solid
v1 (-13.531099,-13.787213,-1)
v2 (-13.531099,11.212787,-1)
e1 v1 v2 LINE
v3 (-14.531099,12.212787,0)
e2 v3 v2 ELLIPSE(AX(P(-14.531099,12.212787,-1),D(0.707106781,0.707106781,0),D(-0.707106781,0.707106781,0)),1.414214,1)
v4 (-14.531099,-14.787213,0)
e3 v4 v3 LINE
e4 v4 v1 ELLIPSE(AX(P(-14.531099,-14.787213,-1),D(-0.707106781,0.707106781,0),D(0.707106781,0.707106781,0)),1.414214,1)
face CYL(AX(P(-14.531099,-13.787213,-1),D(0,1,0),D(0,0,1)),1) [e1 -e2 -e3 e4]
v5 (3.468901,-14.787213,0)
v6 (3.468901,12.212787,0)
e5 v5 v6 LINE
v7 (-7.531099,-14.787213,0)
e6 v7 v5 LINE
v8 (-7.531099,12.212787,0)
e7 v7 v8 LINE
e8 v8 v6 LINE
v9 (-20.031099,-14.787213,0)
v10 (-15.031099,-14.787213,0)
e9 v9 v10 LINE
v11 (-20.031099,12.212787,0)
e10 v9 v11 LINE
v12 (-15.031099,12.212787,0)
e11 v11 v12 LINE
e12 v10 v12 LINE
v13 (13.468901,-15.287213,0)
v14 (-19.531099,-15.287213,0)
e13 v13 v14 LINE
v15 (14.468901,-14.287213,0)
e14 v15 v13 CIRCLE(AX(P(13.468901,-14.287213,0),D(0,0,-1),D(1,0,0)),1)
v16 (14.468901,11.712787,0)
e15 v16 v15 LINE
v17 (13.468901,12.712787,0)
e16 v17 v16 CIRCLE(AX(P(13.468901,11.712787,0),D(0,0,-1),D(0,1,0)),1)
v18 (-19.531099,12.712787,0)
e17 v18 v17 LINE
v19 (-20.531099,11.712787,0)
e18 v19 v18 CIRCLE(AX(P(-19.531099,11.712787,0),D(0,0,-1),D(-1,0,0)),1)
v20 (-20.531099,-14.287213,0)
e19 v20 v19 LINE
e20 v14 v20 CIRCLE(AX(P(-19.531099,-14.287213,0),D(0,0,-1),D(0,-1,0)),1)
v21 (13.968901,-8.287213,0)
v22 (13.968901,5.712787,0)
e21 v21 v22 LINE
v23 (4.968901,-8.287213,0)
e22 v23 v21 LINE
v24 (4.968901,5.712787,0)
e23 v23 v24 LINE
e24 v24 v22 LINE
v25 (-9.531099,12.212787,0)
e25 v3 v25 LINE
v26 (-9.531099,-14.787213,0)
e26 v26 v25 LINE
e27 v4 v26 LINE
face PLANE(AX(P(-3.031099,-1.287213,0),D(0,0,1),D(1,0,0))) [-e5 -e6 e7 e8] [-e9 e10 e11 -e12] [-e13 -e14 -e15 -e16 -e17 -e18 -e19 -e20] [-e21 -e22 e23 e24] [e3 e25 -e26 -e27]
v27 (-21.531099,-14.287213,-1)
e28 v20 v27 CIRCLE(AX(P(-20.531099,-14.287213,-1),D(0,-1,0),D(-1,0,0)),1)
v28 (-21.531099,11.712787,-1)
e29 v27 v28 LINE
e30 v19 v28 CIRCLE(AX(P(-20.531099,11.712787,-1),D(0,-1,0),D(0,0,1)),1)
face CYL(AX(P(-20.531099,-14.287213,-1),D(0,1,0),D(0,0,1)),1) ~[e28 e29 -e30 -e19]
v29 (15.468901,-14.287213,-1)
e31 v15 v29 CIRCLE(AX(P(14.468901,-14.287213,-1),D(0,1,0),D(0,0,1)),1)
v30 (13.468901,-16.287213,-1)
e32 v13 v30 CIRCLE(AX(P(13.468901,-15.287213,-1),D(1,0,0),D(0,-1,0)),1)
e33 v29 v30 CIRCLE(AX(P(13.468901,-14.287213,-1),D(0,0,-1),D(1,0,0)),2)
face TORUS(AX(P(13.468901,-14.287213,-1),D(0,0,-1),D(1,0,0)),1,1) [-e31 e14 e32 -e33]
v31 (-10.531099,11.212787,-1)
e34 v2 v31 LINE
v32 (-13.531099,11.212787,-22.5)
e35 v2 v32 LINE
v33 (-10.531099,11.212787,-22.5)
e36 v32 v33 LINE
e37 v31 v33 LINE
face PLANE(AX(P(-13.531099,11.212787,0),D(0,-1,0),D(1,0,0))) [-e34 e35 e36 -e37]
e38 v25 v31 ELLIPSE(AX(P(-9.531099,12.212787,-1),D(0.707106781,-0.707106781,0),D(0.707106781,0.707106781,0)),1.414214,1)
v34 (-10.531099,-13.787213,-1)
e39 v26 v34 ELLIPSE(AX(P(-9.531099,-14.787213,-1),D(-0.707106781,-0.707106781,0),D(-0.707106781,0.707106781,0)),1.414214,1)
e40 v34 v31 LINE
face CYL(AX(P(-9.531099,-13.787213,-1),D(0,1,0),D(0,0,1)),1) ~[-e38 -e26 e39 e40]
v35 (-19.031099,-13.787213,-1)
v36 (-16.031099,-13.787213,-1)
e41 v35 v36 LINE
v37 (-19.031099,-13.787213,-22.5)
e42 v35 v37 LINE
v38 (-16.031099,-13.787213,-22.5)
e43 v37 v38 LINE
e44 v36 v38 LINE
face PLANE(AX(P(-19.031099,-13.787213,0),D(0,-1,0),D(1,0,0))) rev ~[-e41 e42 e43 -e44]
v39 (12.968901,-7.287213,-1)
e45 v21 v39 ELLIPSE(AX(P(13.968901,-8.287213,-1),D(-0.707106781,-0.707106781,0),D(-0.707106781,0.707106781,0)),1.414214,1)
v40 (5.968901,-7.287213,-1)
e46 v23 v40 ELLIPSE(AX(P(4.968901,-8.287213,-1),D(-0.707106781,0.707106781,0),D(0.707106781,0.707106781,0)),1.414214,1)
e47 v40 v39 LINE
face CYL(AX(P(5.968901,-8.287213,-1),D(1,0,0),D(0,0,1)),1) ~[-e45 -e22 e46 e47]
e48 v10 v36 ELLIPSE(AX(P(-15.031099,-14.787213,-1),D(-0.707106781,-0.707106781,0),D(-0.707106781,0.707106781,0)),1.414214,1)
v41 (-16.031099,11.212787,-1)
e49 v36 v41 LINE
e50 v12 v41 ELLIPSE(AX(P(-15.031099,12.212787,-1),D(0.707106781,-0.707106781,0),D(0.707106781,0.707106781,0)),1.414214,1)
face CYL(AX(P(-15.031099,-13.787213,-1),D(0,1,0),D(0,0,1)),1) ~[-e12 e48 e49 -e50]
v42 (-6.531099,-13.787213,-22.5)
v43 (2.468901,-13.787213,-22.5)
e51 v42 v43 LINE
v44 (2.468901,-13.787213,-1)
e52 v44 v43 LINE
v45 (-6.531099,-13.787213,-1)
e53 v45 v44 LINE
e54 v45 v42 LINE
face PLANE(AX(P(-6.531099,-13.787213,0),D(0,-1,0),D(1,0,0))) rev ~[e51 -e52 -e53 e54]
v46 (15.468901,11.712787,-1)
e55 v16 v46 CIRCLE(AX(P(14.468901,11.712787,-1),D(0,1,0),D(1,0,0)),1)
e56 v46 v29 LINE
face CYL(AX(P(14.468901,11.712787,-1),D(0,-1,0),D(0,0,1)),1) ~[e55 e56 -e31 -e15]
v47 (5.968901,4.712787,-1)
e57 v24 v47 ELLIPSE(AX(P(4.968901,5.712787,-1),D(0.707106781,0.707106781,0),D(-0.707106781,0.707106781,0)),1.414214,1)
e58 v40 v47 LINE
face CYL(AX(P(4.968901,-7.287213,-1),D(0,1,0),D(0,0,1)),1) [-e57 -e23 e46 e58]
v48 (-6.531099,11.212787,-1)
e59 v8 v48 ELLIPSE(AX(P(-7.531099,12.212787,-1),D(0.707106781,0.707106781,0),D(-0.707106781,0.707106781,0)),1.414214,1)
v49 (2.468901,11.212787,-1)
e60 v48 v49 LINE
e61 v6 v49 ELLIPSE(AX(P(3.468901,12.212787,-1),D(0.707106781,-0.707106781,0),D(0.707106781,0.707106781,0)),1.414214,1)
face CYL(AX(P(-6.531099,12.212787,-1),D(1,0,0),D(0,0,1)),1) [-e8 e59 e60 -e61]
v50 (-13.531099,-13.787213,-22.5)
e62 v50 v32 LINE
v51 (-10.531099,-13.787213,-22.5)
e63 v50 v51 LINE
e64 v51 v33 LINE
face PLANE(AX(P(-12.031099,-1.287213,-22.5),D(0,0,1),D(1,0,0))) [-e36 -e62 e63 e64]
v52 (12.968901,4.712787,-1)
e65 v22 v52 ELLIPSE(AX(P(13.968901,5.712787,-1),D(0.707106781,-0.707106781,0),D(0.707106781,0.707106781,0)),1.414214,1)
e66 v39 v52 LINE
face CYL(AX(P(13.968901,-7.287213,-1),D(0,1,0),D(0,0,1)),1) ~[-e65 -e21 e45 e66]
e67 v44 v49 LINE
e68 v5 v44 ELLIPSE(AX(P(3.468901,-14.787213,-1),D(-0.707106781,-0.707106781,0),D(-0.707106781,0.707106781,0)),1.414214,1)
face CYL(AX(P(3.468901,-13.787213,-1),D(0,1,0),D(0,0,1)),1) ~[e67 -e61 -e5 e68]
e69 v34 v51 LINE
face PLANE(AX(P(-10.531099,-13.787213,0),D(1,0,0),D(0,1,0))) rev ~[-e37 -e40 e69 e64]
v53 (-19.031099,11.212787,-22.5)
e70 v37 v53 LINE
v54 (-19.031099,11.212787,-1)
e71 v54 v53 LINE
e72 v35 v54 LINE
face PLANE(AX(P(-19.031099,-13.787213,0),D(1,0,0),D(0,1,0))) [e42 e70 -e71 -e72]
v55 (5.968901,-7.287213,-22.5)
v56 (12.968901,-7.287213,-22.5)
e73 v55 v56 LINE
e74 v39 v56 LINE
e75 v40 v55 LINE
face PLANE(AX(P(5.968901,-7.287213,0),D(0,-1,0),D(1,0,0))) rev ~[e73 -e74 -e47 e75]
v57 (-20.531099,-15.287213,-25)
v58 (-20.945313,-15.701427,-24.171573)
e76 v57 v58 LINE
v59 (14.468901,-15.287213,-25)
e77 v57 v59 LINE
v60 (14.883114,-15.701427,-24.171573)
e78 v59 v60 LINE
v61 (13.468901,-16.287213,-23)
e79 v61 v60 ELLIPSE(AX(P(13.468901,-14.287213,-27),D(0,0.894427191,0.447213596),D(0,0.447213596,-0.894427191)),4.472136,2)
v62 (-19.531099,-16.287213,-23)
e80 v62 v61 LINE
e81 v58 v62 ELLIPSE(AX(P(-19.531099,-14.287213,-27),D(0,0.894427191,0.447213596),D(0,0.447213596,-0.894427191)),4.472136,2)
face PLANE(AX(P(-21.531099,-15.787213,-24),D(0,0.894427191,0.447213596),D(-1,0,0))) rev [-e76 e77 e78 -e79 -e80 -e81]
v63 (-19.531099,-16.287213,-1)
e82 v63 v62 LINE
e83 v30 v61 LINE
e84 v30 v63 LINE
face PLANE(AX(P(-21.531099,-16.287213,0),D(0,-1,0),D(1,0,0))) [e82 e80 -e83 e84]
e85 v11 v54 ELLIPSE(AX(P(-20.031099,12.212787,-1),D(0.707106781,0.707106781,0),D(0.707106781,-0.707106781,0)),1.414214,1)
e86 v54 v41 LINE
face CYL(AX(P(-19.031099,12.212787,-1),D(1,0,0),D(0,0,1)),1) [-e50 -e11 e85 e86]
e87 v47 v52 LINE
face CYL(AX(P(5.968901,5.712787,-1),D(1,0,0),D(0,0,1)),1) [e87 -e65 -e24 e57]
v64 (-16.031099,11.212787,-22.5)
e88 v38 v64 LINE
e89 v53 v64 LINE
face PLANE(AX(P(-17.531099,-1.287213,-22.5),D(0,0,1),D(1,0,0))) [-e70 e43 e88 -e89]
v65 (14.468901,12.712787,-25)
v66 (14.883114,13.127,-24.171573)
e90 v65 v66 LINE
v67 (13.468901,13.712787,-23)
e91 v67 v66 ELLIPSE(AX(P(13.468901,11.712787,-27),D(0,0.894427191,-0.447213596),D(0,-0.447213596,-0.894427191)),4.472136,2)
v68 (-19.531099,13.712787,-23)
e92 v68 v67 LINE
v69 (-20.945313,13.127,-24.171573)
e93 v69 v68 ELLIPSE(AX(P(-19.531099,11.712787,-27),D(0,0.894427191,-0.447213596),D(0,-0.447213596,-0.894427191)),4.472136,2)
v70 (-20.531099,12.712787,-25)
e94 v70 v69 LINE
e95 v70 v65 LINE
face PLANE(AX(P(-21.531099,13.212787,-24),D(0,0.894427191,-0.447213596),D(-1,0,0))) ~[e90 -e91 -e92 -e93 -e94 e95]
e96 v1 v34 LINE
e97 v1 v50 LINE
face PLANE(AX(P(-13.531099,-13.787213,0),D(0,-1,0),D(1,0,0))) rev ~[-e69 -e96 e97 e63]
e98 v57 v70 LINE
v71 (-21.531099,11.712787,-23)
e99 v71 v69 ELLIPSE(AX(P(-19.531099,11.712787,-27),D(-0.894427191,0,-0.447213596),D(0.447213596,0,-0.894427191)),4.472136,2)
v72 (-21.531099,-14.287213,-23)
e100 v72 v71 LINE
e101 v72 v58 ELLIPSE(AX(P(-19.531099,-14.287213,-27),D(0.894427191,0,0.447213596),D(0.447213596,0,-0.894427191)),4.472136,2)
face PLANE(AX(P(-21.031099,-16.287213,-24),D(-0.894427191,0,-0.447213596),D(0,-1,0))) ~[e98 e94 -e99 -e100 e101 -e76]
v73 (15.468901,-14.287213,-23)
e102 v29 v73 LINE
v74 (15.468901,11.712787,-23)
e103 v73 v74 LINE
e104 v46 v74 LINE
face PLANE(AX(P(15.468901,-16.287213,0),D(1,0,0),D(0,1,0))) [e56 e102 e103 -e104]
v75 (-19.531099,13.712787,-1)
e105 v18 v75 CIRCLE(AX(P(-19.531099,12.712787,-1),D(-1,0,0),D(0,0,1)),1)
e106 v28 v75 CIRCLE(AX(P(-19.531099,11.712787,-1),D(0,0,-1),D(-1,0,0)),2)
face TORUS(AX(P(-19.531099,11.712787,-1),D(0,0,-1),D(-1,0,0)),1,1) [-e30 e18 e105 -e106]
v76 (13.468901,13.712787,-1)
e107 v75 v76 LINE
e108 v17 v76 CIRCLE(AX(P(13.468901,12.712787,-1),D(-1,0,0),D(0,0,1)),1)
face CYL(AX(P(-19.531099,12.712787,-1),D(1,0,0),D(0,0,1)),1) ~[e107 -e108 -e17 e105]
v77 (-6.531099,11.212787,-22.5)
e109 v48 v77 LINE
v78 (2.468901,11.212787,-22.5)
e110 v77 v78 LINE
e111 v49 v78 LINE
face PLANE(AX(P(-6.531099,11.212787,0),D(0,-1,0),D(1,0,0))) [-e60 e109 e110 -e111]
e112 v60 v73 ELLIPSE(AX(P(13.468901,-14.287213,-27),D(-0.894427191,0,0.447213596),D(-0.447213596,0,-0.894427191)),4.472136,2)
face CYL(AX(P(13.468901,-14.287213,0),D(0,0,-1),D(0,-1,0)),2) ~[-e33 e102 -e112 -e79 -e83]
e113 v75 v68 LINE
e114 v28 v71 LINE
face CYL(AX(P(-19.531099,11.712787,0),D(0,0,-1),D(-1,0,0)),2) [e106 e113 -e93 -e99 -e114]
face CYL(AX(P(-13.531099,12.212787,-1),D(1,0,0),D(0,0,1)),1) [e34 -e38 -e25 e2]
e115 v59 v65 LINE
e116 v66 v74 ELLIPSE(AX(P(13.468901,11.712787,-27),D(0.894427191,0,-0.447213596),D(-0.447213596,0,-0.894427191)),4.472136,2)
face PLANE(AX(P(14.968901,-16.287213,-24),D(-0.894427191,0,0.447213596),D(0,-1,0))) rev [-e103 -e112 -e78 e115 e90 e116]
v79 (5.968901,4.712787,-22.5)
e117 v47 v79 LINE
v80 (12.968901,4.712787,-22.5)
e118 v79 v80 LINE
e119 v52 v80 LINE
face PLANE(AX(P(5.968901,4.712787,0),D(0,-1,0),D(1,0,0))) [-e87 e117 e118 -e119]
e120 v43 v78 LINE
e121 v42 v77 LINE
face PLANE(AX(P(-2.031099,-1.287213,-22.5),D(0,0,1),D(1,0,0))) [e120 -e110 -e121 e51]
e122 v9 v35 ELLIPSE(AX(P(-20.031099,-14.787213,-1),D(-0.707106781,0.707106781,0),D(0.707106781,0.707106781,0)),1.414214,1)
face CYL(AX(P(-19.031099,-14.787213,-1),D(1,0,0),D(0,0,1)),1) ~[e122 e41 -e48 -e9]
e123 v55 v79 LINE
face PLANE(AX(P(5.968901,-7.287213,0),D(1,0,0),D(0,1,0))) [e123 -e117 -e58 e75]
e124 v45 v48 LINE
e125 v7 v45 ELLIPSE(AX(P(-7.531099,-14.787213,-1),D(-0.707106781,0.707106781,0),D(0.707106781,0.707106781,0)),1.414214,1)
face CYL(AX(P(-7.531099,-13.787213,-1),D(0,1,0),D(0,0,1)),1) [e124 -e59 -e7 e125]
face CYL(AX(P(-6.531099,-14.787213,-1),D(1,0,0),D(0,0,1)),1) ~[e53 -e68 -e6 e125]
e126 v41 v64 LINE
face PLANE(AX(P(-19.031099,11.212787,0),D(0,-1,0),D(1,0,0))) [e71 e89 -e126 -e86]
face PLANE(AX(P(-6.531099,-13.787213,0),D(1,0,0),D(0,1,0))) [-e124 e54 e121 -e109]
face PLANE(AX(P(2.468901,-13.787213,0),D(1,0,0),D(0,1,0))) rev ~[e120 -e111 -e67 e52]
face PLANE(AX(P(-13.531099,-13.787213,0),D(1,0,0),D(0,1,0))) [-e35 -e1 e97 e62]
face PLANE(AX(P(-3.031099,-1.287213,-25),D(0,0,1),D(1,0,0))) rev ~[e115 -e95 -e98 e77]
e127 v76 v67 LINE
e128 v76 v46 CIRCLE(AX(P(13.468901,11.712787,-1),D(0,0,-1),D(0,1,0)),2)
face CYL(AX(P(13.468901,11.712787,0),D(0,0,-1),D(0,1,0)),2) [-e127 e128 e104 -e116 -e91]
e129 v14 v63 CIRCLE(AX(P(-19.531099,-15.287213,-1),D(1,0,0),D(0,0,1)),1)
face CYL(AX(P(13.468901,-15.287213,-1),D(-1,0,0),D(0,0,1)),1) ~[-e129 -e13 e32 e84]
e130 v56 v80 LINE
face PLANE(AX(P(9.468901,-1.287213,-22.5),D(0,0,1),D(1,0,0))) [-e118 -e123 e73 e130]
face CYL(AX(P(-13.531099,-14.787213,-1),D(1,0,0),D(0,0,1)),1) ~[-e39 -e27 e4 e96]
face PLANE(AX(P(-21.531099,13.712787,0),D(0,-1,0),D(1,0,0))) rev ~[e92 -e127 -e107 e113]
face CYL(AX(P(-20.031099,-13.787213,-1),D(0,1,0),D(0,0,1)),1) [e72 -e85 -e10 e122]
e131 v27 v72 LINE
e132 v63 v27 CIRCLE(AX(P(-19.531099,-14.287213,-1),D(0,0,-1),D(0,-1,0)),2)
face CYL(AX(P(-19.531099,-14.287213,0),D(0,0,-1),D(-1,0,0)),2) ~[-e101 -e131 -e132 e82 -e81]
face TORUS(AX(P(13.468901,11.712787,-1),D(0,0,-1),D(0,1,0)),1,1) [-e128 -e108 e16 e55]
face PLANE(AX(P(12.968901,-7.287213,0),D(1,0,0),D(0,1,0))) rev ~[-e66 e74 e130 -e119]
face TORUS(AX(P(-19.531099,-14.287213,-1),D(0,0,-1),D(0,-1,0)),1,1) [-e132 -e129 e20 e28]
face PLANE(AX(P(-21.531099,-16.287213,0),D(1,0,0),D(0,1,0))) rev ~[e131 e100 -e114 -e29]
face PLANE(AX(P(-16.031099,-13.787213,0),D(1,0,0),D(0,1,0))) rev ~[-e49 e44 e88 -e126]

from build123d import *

# Parameters (mm, degrees)
F0_W     = 37
F0_H     = 30
F0_W_2   = 3
F0_H_2   = 25
F0_W_3   = 9
F0_W_4   = 7
F0_H_3   = 12
F1_DEPTH = 25
F2_DEPTH = 22.5
F3_SIZE2 = 2
F3_SIZE  = 1
F4_R     = 2
F5_R     = 1


with BuildPart() as f1:
    # F0 (on Top) → F1 (new body)
    with BuildSketch(Plane.XY):
        with Locations((-3.031099186, -1.2872133628)):
            Rectangle(F0_W, F0_H)
        with Locations((-17.531099186, -1.2872133628)):
            Rectangle(F0_W_2, F0_H_2, mode=Mode.SUBTRACT)
        with Locations((-12.031099186, -1.2872133628)):
            Rectangle(F0_W_2, F0_H_2, mode=Mode.SUBTRACT)
        with Locations((-2.031099186, -1.2872133628)):
            Rectangle(F0_W_3, F0_H_2, mode=Mode.SUBTRACT)
        with Locations((9.468900814, -1.2872133628)):
            Rectangle(F0_W_4, F0_H_3, mode=Mode.SUBTRACT)
        with Locations((-17.531099186, -1.2872133628)):
            Rectangle(F0_W_2, F0_H_2)
        with Locations((-12.031099186, -1.2872133628)):
            Rectangle(F0_W_2, F0_H_2)
        with Locations((-2.031099186, -1.2872133628)):
            Rectangle(F0_W_3, F0_H_2)
        with Locations((9.468900814, -1.2872133628)):
            Rectangle(F0_W_4, F0_H_3)
    extrude(amount=-F1_DEPTH)

    # F0 (on Top) → F2 (cut)
    with BuildSketch(Plane.XY):
        with Locations((-17.531099186, -1.2872133628)):
            Rectangle(F0_W_2, F0_H_2)
        with Locations((-12.031099186, -1.2872133628)):
            Rectangle(F0_W_2, F0_H_2)
        with Locations((-2.031099186, -1.2872133628)):
            Rectangle(F0_W_3, F0_H_2)
        with Locations((9.468900814, -1.2872133628)):
            Rectangle(F0_W_4, F0_H_3)
    extrude(amount=-F2_DEPTH, mode=Mode.SUBTRACT)

    # F3
    f3_edges = [f1.edges().sort_by_distance(p)[0] for p in [
        (-3.031099, -16.287213, -25),
        (15.468901, -1.287213, -25),
        (-3.031099, 13.712787, -25),
        (-21.531099, -1.287213, -25),
    ]]
    f3_side = f1.faces().sort_by_distance((-3.031099, -1.287213, -25))[0]
    chamfer(f3_edges, length=F3_SIZE, length2=F3_SIZE2, reference=f3_side)

    # F4
    f4_edges = [f1.edges().sort_by_distance(p)[0] for p in [
        (-21.531099, -16.287213, -11.5),
        (-21.531099, 13.712787, -11.5),
        (15.468901, 13.712787, -11.5),
        (15.468901, -16.287213, -11.5),
    ]]
    fillet(f4_edges, radius=F4_R)

    # F5
    f5_edges = [f1.edges().sort_by_distance(p)[0] for p in [
        (12.968901, -1.287213, 0),
        (9.468901, -7.287213, 0),
        (5.968901, -1.287213, 0),
        (9.468901, 4.712787, 0),
        (2.468901, -1.287213, 0),
        (-2.031099, -13.787213, 0),
        (-6.531099, -1.287213, 0),
        (-2.031099, 11.212787, 0),
        (-10.531099, -1.287213, 0),
        (-12.031099, -13.787213, 0),
        (-13.531099, -1.287213, 0),
        (-12.031099, 11.212787, 0),
        (-16.031099, -1.287213, 0),
        (-17.531099, 11.212787, 0),
        (-19.031099, -1.287213, 0),
        (-17.531099, -13.787213, 0),
        (-3.031099, 13.712787, 0),
    ]]
    fillet(f5_edges, radius=F5_R)


solid = f1.part
